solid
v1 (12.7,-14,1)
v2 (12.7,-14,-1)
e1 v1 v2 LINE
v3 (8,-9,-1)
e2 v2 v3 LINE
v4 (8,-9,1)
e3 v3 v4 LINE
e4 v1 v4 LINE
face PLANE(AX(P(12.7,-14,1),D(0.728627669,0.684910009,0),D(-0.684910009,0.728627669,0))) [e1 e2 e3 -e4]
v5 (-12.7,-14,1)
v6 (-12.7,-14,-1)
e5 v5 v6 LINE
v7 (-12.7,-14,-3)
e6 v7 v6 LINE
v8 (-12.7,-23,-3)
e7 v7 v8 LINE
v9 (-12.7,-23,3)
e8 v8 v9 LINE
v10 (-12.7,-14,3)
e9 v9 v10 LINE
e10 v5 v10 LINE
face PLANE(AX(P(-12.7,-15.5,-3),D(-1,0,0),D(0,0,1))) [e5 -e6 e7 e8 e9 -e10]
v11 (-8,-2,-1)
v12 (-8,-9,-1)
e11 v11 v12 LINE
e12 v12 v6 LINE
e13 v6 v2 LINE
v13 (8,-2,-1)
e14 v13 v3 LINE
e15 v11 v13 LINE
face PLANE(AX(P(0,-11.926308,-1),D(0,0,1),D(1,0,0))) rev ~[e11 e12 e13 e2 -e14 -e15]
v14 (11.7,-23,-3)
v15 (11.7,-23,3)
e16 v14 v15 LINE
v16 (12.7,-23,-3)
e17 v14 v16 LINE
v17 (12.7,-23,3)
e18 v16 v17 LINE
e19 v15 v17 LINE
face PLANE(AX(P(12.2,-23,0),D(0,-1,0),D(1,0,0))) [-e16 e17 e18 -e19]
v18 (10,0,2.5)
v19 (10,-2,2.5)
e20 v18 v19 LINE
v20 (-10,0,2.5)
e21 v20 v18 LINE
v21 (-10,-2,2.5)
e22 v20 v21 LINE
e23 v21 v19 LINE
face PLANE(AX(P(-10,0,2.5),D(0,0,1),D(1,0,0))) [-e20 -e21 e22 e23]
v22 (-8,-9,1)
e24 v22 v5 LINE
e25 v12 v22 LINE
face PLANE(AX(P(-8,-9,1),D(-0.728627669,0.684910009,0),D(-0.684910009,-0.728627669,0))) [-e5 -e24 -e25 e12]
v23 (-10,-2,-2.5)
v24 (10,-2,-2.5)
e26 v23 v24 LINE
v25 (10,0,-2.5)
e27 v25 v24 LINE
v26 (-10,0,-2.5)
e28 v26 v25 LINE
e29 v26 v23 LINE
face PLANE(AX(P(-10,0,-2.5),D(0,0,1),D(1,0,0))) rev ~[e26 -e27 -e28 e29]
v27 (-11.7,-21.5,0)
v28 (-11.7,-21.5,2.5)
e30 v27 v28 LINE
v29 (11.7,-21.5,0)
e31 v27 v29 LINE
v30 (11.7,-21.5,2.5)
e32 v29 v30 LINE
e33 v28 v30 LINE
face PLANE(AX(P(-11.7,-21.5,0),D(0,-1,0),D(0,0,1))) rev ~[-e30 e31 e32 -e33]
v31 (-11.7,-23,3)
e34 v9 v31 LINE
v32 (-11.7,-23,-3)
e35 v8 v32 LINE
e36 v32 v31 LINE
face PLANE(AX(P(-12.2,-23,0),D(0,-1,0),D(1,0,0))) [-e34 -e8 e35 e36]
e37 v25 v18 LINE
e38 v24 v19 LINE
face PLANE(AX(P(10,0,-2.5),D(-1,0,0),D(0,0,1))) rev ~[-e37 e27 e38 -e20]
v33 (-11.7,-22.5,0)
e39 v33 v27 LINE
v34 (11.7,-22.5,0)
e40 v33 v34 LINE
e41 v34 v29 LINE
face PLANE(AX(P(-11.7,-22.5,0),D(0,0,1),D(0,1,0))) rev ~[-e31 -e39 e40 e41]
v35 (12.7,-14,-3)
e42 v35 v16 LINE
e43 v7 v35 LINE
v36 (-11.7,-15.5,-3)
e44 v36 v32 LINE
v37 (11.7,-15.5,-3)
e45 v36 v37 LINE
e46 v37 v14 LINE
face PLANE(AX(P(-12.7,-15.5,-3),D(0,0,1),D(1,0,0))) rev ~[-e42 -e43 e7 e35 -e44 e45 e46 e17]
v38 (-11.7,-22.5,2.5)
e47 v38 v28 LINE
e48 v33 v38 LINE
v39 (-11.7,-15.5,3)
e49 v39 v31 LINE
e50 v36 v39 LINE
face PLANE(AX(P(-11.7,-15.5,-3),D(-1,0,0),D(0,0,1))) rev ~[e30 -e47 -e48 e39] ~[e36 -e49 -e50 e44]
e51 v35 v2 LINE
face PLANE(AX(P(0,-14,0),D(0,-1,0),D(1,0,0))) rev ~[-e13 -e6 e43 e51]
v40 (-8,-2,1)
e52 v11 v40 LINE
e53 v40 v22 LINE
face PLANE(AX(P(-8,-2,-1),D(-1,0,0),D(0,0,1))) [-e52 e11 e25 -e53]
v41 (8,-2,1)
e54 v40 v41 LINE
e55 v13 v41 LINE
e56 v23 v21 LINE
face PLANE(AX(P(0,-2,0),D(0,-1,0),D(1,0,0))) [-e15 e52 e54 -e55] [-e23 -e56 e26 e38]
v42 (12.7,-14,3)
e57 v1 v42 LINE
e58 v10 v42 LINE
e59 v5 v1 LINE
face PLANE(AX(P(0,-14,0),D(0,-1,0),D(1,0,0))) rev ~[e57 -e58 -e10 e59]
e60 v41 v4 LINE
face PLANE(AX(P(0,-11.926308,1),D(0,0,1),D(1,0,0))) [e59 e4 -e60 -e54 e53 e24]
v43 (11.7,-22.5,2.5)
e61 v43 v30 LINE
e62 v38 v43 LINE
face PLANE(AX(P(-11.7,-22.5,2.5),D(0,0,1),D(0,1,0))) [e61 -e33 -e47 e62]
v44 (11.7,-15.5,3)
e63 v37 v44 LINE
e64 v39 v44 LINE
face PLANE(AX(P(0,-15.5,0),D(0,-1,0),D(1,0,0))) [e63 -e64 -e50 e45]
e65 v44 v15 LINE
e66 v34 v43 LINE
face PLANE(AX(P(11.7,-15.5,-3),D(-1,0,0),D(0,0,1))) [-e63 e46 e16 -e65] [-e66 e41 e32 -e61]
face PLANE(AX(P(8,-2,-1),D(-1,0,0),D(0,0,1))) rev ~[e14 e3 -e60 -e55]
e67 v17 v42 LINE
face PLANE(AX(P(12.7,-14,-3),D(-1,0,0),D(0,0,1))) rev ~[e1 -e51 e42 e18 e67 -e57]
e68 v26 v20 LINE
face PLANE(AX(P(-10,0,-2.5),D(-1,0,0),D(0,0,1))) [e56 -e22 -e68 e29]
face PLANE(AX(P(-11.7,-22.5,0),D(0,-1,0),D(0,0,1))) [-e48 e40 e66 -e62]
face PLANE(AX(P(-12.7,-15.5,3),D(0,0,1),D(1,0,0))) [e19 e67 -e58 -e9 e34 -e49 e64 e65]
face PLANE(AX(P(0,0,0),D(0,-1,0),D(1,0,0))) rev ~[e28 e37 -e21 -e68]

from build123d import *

# Parameters (mm, degrees)
F0_W      = 20
F0_H      = 5
F1_DEPTH  = 2
F2_W      = 16
F2_H      = 2
F3_DEPTH  = 7
F5_DEPTH  = 2
F6_W      = 25.4
F6_H      = 6
F7_DEPTH  = 1.5
F8_W      = 1
F8_H      = 6
F9_DEPTH  = 7.5
F10_W     = 1
F10_H     = 2.5
F11_DEPTH = 23.4


with BuildPart() as f1:
    # F0 (on Front) → F1 (new body)
    with BuildSketch(Plane.XZ):
        Rectangle(F0_W, F0_H)
    extrude(amount=F1_DEPTH)

    # F2 (on face) → F3 (join)
    with BuildSketch(Plane.XZ.offset(2)):
        Rectangle(F2_W, F2_H)
    extrude(amount=F3_DEPTH)

    # F4 (on face) → F5 (join, through all)
    with BuildSketch(Plane.XY.offset(1)):
        Polygon((12.7, -14), (8, -9), (-8, -9), (-12.7, -14), align=None)
    extrude(amount=-F5_DEPTH)

    # F6 (on face) → F7 (join)
    with BuildSketch(Plane.XZ.offset(14)):
        Rectangle(F6_W, F6_H)
    extrude(amount=F7_DEPTH)

    # F8 (on face) → F9 (join)
    with BuildSketch(Plane.XZ.offset(15.5)):
        with Locations((-12.2, 0)):
            Rectangle(F8_W, F8_H)
        with Locations((12.2, 0)):
            Rectangle(F8_W, F8_H)
    extrude(amount=F9_DEPTH)

    # F10 (on face) → F11 (join, through all)
    with BuildSketch(Plane.YZ.offset(-11.7)):
        with Locations((-22, 1.25)):
            Rectangle(F10_W, F10_H)
    extrude(amount=F11_DEPTH)


solid = f1.part
